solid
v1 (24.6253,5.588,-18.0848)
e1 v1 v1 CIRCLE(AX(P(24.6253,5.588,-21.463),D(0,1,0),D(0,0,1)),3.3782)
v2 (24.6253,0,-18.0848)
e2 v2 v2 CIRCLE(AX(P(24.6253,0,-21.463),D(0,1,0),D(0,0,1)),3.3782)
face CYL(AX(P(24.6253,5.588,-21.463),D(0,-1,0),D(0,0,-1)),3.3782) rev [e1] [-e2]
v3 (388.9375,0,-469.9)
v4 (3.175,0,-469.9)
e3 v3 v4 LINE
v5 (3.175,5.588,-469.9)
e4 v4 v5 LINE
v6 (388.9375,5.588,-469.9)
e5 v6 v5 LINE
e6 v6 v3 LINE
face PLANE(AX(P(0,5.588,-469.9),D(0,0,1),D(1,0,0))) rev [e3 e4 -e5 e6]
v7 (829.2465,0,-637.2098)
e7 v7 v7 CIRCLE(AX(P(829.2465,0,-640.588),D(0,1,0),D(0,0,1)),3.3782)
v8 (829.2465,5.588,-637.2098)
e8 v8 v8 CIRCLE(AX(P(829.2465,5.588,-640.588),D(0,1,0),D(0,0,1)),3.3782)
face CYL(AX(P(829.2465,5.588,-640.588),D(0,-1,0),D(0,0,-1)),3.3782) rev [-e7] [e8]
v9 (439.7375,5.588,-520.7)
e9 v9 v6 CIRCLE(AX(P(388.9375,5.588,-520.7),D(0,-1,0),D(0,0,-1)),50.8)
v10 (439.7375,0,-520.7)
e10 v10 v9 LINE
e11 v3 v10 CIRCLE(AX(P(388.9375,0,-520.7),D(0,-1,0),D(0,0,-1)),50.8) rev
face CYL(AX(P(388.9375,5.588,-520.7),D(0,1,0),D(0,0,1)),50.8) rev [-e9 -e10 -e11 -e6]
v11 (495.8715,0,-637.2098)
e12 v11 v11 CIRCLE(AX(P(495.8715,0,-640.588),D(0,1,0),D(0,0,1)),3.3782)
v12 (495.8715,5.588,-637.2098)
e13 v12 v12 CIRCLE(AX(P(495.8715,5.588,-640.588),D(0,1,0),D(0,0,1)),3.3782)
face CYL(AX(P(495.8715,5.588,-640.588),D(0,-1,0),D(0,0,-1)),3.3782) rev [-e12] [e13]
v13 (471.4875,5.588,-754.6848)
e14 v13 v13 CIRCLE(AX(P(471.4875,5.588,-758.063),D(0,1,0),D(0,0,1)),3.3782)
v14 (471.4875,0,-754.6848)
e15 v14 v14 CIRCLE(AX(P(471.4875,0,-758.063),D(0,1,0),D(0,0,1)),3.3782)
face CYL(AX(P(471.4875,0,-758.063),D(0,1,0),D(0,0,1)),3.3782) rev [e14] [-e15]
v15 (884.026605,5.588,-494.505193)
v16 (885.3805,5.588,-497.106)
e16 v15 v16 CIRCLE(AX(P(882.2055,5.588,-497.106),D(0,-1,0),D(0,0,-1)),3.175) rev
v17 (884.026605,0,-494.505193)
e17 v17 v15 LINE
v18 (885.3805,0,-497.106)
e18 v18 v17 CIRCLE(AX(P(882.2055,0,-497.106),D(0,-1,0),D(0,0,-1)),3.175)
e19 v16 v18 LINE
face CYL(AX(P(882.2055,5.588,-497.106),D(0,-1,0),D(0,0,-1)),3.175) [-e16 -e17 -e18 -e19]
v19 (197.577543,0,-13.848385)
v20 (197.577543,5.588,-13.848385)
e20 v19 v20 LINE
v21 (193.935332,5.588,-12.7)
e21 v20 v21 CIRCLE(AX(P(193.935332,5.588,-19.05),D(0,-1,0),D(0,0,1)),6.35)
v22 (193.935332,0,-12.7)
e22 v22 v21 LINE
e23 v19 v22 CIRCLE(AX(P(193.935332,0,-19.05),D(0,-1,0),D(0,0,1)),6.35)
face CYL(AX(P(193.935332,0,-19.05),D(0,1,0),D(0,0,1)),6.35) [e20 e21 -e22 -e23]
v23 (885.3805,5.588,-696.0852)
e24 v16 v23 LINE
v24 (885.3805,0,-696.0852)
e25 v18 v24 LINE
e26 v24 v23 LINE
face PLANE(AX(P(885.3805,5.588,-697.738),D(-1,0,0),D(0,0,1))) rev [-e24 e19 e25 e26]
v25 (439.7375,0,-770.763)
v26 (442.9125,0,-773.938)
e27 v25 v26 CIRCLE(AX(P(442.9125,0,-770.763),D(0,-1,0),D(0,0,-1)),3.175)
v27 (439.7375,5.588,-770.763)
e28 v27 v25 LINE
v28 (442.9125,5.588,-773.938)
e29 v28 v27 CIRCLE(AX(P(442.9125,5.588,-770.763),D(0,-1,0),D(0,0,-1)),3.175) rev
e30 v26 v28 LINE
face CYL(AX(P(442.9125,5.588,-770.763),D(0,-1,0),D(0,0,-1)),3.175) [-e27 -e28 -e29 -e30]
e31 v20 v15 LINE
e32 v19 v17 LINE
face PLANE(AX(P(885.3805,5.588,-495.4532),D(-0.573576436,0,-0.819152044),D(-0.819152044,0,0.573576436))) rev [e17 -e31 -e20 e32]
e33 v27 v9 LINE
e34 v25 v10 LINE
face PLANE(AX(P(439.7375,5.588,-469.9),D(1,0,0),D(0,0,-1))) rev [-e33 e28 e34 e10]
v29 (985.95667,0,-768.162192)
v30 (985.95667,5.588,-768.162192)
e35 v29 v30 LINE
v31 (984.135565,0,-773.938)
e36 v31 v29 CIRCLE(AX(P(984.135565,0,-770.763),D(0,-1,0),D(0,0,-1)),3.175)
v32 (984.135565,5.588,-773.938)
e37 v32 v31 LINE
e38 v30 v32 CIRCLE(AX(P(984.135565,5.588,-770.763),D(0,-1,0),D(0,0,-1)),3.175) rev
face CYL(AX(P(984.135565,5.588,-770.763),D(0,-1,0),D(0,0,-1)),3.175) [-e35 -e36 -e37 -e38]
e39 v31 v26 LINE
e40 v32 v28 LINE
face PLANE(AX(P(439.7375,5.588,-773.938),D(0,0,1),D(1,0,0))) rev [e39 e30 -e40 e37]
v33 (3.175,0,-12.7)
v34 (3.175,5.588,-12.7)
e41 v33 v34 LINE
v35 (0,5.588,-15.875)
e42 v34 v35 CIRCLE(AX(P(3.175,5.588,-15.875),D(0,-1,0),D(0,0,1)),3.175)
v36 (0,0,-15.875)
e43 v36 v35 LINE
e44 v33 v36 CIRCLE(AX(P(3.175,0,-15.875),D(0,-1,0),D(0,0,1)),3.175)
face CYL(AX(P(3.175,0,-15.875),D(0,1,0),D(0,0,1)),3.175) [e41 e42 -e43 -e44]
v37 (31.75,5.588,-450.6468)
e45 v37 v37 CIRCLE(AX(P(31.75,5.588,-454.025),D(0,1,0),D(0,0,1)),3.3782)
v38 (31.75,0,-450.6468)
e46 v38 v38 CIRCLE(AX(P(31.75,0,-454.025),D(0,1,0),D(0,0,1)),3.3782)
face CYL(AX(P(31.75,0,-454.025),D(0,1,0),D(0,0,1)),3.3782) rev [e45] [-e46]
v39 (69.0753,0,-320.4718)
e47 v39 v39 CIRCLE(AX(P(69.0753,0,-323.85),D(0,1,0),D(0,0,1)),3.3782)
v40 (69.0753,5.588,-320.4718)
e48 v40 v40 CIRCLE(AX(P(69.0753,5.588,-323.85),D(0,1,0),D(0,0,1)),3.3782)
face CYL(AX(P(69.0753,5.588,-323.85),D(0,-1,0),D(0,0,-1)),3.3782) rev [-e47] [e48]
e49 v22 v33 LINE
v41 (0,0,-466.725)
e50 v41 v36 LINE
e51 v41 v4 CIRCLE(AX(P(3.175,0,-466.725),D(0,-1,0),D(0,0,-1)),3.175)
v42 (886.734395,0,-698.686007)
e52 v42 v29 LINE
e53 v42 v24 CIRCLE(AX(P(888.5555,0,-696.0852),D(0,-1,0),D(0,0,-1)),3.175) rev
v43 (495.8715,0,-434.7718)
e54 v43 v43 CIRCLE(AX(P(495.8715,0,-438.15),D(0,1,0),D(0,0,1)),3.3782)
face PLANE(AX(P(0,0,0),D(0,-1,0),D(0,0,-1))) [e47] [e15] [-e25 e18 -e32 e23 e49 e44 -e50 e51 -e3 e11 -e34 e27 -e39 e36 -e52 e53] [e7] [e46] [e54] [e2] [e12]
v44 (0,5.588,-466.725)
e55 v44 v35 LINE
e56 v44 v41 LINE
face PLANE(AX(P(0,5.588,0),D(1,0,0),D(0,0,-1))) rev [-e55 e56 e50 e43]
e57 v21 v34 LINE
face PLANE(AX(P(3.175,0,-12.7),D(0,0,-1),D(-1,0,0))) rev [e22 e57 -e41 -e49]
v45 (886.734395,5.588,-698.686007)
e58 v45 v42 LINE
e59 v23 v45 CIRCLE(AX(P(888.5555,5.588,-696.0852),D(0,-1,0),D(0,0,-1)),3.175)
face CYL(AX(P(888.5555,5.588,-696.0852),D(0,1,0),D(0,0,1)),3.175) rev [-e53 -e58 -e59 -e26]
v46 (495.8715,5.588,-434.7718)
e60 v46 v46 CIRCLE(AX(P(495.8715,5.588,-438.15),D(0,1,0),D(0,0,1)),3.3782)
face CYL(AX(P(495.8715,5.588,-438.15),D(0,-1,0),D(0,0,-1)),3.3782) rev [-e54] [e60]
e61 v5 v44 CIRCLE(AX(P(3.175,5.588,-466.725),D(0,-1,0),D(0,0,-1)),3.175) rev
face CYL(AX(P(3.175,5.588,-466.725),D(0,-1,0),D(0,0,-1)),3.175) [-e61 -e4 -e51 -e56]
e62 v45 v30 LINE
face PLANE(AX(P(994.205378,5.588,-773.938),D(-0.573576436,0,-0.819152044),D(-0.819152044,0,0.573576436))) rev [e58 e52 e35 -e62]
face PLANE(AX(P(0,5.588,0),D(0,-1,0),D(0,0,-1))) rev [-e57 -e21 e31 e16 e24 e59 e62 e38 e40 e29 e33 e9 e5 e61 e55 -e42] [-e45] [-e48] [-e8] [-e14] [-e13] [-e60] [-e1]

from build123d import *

# Parameters (mm, degrees)
SKETCH1_R           = 3.3782
BOSS_EXTRUDE1_DEPTH = 5.588
FILLET1_R           = 50.8
SKETCH2_R           = 3.3782
CUT_EXTRUDE1_DEPTH  = 1260.942692133
FILLET2_R           = 3.175
CUT_EXTRUDE2_DEPTH  = 1255.509228579


with BuildPart() as part:
    # Sketch1 (on Top Plane) → Boss-Extrude1 (new body)
    with BuildSketch(Plane(origin=(0, 0, 0), x_dir=(1, 0, 0), z_dir=(0, 1, 0))):
        Polygon((0, 0), (0, 469.9), (439.7375, 469.9), (439.7375, 773.938), (994.205378114, 773.938), (885.3805, 697.738), (885.3805, 495.45319999), (177.8, 0), align=None)
        with Locations(Location((24.6253, 21.463, 0), (0, 0, 270))):
            Circle(SKETCH1_R, mode=Mode.SUBTRACT)
        with Locations(Location((69.0753, 323.85, 0), (0, 0, 270))):
            Circle(SKETCH1_R, mode=Mode.SUBTRACT)
        with Locations(Location((495.8715, 438.15, 0), (0, 0, 270))):
            Circle(SKETCH1_R, mode=Mode.SUBTRACT)
        with Locations(Location((495.8715, 640.588, 0), (0, 0, 270))):
            Circle(SKETCH1_R, mode=Mode.SUBTRACT)
        with Locations(Location((829.2465, 640.588, 0), (0, 0, 270))):
            Circle(SKETCH1_R, mode=Mode.SUBTRACT)
    extrude(amount=BOSS_EXTRUDE1_DEPTH)

    # Fillet1
    fillet1_edges = [part.edges().sort_by_distance(p)[0] for p in [
        (439.7375, 2.794, -469.9),
    ]]
    fillet(fillet1_edges, radius=FILLET1_R)

    # Sketch2 → Cut-Extrude1 (cut, through all)
    with BuildSketch(Plane(origin=(0, 5.588, 0), x_dir=(1, 0, 0), z_dir=(0, 1, 0))):
        with Locations(Location((31.75, 454.025, 0), (0, 0, 270))):
            Circle(SKETCH2_R)
        with Locations(Location((471.4875, 758.063, 0), (0, 0, 270))):
            Circle(SKETCH2_R)
    extrude(amount=-CUT_EXTRUDE1_DEPTH, mode=Mode.SUBTRACT)

    # Fillet2
    fillet2_edges = [part.edges().sort_by_distance(p)[0] for p in [
        (0, 2.794, 0),
        (0, 2.794, -469.9),
        (439.7375, 2.794, -773.938),
        (994.205378114, 2.794, -773.938),
        (885.3805, 2.794, -697.738),
        (885.3805, 2.794, -495.45319999),
        (177.8, 2.794, 0),
    ]]
    fillet(fillet2_edges, radius=FILLET2_R)

    # Sketch3 → Cut-Extrude2 (cut, through all)
    with BuildSketch(Plane(origin=(0, 5.588, 0), x_dir=(1, 0, 0), z_dir=(0, 1, 0))):
        with BuildLine():
            Line((3.175, 0), (176.798926345, 0))
            ThreePointArc((176.798926345, 0), (177.753667259, 0.146948681), (178.620031531, 0.574192259))
            Line((178.620031531, 0.574192259), (197.577542747, 13.848384519))
            ThreePointArc((197.577542747, 13.848384519), (195.844814203, 12.993897363), (193.935332376, 12.7))
            Line((193.935332376, 12.7), (3.175, 12.7))
            ThreePointArc((3.175, 12.7), (0.92993597, 13.62993597), (0, 15.875))
            Line((0, 15.875), (0, 3.175))
            ThreePointArc((0, 3.175), (0.92993597, 0.92993597), (3.175, 0))
        make_face()
    extrude(amount=-CUT_EXTRUDE2_DEPTH, mode=Mode.SUBTRACT)


solid = part.part
